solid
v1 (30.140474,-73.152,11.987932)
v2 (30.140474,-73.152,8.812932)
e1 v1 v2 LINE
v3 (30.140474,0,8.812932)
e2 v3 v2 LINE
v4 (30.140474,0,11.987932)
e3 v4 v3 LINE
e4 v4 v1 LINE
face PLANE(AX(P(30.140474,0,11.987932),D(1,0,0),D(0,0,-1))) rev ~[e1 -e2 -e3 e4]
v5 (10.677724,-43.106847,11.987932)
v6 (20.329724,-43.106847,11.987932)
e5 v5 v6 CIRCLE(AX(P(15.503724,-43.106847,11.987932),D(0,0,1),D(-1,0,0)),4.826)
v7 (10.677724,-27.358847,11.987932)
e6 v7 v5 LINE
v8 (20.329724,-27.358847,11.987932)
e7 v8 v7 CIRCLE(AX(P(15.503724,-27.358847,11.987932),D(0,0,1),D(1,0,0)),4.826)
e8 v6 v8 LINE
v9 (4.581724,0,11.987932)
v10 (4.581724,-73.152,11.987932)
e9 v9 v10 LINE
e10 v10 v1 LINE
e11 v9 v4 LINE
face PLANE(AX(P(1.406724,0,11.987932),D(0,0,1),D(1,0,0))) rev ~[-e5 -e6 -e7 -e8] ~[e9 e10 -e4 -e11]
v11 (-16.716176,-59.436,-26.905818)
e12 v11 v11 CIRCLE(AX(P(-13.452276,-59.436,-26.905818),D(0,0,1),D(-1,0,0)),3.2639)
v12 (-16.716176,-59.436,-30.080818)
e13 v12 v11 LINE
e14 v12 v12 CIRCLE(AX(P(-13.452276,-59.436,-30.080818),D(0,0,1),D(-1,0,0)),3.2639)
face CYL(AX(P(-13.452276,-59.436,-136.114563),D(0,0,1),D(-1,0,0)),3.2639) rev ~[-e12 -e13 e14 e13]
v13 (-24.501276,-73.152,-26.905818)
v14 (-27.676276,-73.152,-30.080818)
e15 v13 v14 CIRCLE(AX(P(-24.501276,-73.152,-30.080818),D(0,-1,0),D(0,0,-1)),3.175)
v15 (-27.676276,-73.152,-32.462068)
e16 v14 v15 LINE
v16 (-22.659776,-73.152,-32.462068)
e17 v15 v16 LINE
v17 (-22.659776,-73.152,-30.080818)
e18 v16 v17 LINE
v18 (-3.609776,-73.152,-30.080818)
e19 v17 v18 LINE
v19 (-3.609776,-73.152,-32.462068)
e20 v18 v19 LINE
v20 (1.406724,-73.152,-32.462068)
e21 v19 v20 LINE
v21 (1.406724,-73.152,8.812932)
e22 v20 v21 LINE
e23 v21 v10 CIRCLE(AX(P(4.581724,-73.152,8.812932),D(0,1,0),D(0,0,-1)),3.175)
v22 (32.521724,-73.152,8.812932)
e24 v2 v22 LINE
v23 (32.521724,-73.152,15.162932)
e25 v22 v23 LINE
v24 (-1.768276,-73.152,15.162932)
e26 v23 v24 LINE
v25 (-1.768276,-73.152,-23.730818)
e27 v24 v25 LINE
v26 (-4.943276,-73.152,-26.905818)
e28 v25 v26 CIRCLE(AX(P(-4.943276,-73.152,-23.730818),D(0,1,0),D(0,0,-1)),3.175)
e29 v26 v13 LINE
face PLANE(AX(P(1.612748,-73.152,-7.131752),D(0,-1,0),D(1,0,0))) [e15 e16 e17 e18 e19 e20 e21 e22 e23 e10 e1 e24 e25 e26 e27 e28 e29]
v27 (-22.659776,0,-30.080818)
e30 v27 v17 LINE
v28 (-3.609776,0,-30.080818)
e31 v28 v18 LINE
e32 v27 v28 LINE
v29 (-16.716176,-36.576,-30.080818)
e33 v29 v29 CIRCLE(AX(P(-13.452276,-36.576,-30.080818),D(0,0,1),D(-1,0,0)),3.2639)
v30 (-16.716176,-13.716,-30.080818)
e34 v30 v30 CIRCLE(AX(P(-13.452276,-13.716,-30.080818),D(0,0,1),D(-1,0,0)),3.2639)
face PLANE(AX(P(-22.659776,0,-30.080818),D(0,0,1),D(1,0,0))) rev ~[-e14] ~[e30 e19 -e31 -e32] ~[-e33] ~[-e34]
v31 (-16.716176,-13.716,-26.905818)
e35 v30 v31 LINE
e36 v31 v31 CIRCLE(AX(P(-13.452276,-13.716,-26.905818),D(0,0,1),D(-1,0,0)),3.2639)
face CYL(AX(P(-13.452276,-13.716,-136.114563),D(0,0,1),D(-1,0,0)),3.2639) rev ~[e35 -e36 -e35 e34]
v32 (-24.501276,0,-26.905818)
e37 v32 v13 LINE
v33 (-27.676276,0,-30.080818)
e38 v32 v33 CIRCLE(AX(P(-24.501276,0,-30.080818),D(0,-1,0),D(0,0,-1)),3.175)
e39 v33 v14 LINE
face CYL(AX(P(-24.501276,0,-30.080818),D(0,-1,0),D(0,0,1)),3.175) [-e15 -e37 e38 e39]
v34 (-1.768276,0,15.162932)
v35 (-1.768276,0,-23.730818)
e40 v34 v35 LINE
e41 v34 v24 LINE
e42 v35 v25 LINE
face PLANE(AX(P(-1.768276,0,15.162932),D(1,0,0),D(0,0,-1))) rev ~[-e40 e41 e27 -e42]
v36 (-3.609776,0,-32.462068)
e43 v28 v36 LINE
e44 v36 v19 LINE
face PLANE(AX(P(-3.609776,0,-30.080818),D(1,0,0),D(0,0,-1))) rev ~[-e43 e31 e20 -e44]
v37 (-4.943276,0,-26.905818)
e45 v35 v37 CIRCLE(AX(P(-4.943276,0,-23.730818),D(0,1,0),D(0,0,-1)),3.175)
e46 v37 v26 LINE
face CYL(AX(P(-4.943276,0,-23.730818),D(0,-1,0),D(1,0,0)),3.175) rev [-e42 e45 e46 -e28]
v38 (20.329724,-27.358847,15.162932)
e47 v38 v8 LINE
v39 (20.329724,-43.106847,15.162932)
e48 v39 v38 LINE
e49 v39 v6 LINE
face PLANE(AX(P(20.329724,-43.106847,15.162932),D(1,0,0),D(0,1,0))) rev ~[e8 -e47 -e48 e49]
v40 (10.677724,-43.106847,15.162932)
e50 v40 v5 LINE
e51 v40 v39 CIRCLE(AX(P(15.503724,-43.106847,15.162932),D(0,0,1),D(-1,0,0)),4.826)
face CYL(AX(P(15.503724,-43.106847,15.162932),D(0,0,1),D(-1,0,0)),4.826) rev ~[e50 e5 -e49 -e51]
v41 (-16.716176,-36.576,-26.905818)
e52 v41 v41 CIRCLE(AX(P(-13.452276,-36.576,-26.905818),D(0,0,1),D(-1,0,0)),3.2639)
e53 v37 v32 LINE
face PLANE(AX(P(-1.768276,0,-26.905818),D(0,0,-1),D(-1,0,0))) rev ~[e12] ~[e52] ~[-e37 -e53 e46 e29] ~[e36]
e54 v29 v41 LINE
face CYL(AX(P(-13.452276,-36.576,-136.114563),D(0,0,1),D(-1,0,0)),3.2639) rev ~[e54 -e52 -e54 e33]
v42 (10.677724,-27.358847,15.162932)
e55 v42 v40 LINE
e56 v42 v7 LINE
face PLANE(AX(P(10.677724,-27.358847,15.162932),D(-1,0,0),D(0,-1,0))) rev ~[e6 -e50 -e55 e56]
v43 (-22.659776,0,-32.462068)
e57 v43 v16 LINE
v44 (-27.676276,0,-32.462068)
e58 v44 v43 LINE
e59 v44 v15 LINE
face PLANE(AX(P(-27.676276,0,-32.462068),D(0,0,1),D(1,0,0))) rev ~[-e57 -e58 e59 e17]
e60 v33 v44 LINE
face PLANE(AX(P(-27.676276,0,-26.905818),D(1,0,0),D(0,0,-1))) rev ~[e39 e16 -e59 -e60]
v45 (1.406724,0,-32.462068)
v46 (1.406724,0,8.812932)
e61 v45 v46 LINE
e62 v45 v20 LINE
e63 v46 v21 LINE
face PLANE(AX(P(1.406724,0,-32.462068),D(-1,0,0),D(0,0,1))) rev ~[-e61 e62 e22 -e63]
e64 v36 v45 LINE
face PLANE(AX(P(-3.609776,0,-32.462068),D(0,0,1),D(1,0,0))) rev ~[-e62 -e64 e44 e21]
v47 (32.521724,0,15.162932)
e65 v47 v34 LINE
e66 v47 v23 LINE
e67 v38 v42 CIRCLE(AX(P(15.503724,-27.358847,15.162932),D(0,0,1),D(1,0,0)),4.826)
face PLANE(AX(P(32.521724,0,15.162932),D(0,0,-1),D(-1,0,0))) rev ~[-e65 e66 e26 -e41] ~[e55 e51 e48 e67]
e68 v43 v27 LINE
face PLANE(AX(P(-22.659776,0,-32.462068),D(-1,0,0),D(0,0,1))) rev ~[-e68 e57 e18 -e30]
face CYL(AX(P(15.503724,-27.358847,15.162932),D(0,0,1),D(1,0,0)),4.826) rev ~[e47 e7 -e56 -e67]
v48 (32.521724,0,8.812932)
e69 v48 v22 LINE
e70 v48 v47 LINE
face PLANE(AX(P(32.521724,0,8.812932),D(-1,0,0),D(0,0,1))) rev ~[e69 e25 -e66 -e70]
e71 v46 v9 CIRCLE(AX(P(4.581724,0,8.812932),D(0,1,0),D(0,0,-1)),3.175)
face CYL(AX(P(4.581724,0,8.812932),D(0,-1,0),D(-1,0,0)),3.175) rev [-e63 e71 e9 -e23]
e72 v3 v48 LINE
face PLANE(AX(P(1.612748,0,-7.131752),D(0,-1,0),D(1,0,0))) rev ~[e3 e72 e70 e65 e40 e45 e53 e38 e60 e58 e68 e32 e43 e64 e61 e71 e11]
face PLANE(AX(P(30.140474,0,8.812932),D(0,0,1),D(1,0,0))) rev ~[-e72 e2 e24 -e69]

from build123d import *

# Parameters (mm, degrees)
F1_DEPTH = 73.152
F3_D     = 6.5278
F5_DEPTH = 47.626
F6_R     = 3.175


with BuildPart() as f1:
    # F0 (on Front) → F1 (new body)
    with BuildSketch(Plane.XZ):
        Polygon((32.5217237333, 11.9879317781), (32.5217237333, 15.1629317781), (-1.7682762667, 15.1629317781), (-1.7682762667, -26.9058182219), (-27.6762762667, -26.9058182219), (-27.6762762667, -32.4620682219), (-22.6597762667, -32.4620682219), (-22.6597762667, -30.0808182219), (-3.6097762667, -30.0808182219), (-3.6097762667, -32.4620682219), (1.4067237333, -32.4620682219), (1.4067237333, 11.9879317781), (30.1404737333, 11.9879317781), (30.1404737333, 8.8129317781), (32.5217237333, 8.8129317781), align=None)
    extrude(amount=F1_DEPTH)

    # F3 (through all)
    with Locations(Plane(origin=(0, 0, -30.0808182219), x_dir=(1, 0, 0), z_dir=(0, 0, -1))):
        with Locations((-13.4522762667, 13.716), (-13.4522762667, 36.576), (-13.4522762667, 59.436)):
            Hole(F3_D / 2)

    # F4 (on face) → F5 (cut, through all)
    with BuildSketch(Plane.XY.offset(15.1629317781)):
        with BuildLine():
            ThreePointArc((20.3297237333, -27.3588467389), (15.5037237333, -22.5328467389), (10.6777237333, -27.3588467389))
            Line((10.6777237333, -27.3588467389), (10.6777237333, -43.1068467389))
            ThreePointArc((10.6777237333, -43.1068467389), (15.5037237333, -47.9328467389), (20.3297237333, -43.1068467389))
            Line((20.3297237333, -43.1068467389), (20.3297237333, -27.3588467389))
        make_face()
    extrude(amount=-F5_DEPTH, mode=Mode.SUBTRACT)

    # F6
    f6_edges = [f1.edges().sort_by_distance(p)[0] for p in [
        (-1.768276, -36.576, -26.905818),
        (1.406724, -36.576, 11.987932),
        (-27.676276, -36.576, -26.905818),
    ]]
    fillet(f6_edges, radius=F6_R)


solid = f1.part
